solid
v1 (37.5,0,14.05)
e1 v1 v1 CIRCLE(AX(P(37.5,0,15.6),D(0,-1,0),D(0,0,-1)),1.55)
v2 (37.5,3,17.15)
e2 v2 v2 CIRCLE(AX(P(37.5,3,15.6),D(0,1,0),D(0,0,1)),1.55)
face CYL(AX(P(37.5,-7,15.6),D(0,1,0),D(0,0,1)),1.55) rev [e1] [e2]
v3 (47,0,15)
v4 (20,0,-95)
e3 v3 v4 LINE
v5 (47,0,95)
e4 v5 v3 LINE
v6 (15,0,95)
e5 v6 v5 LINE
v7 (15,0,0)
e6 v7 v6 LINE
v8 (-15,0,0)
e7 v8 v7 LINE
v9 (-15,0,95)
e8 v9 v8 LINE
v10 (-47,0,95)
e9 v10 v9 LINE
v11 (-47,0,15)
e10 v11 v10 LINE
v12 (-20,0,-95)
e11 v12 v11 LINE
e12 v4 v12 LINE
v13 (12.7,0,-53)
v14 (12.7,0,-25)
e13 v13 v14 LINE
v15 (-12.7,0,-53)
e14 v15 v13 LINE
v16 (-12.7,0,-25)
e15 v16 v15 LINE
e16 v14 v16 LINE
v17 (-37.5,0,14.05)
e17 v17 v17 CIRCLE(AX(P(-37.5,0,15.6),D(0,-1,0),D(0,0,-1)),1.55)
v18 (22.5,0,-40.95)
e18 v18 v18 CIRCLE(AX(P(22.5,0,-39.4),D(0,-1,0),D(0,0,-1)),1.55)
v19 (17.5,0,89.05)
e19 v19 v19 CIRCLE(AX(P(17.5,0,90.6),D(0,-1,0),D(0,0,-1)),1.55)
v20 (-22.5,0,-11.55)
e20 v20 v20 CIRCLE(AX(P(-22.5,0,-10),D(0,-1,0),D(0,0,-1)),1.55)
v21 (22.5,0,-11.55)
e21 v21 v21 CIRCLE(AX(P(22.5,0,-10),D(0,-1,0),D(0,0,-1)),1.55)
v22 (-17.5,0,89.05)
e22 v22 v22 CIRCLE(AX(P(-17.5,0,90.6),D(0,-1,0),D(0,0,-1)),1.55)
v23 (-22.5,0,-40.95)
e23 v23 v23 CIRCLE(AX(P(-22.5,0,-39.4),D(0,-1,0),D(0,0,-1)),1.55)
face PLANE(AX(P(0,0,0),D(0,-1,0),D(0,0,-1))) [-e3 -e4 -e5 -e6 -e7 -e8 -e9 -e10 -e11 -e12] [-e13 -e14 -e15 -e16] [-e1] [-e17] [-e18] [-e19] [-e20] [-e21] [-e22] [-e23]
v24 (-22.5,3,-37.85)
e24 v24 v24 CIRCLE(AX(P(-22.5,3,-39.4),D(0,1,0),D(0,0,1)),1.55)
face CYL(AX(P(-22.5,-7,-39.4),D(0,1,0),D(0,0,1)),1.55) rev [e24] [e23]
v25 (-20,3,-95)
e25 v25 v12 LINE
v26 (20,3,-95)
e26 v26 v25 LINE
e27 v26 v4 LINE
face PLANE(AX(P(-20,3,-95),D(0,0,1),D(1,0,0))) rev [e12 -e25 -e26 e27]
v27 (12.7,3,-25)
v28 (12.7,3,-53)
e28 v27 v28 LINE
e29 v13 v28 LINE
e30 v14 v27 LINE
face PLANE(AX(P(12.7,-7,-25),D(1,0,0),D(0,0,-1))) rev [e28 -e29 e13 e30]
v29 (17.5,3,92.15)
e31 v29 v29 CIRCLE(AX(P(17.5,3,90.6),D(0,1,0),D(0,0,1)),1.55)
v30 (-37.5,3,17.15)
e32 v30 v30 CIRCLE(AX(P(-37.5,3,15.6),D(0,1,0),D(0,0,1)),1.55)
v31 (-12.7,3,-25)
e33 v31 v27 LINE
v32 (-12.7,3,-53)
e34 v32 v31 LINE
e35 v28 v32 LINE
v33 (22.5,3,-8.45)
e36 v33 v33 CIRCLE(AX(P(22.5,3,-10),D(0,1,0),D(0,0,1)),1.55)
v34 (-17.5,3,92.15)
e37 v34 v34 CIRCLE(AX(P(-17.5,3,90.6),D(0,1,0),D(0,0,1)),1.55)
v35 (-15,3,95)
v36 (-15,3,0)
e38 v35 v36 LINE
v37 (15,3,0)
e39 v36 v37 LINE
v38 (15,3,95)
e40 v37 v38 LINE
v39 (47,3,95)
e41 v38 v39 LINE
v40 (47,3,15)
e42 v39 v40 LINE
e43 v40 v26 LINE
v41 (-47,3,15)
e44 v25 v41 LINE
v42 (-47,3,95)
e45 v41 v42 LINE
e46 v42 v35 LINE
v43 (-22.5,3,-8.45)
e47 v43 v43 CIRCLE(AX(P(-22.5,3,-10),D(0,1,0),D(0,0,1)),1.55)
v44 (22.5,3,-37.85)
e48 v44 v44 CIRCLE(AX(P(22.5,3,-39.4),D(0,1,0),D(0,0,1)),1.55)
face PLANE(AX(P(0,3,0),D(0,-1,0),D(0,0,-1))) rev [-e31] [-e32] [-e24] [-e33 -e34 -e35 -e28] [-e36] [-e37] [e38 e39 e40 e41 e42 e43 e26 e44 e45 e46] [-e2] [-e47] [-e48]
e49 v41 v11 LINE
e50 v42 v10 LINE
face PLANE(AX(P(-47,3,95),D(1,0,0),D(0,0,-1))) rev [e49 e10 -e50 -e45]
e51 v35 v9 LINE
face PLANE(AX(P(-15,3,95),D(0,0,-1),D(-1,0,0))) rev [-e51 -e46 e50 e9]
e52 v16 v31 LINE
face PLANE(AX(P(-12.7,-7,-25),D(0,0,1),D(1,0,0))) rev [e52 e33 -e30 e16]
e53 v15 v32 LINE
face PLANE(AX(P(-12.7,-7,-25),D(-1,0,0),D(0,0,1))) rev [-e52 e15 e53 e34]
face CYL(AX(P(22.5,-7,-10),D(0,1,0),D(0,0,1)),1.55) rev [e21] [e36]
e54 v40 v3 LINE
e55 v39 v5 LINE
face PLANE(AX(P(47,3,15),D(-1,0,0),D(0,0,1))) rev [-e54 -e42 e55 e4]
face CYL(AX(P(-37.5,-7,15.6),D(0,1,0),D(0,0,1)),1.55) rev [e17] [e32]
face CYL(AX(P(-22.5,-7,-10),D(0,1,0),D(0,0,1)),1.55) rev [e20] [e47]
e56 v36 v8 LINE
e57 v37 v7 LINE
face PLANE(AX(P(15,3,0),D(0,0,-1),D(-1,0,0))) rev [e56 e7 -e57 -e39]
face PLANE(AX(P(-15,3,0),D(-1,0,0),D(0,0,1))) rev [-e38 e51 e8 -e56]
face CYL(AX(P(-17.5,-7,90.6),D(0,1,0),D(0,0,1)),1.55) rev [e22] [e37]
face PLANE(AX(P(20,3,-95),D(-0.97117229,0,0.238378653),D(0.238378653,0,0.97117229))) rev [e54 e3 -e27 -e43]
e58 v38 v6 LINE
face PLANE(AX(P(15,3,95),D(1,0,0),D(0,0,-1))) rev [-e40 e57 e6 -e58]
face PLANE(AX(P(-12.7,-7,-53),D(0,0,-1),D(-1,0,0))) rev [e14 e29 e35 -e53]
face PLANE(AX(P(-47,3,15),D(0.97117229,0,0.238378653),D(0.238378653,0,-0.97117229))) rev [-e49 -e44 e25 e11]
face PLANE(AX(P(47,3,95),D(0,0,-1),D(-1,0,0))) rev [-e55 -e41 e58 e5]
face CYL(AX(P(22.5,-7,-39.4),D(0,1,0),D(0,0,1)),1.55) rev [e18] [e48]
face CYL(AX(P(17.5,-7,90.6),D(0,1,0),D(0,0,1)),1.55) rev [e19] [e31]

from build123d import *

# Parameters (mm, degrees)
BODY_DEPTH             = 3
SKETCH5_W              = 25.4
SKETCH5_H              = 28
PROTOBOARD_MOUNT_DEPTH = 10
SKETCH8_R              = 1.55
STAND_OFF_MOUNT_DEPTH  = 10
SKETCH9_R              = 1.55
PHONE_MOUNT_DEPTH      = 10


with BuildPart() as part:
    # Sketch3 → Body (new body)
    with BuildSketch(Plane(origin=(0, 0, 0), x_dir=(1, 0, 0), z_dir=(0, 1, 0))):
        Polygon((-15, -95), (-47, -95), (-47, -15), (-20, 95), (20, 95), (47, -15), (47, -95), (15, -95), (15, 0), (-15, 0), align=None)
    extrude(amount=BODY_DEPTH)

    # Sketch5 → Protoboard Mount (cut)
    with BuildSketch(Plane(origin=(0, 3, 0), x_dir=(1, 0, 0), z_dir=(0, 1, 0))):
        with Locations((0, 39)):
            Rectangle(SKETCH5_W, SKETCH5_H)
    extrude(amount=-PROTOBOARD_MOUNT_DEPTH, mode=Mode.SUBTRACT)

    # Sketch8 → Stand Off Mount (cut)
    with BuildSketch(Plane(origin=(0, 3, 0), x_dir=(1, 0, 0), z_dir=(0, 1, 0))):
        with Locations(Location((-22.5, 39.4, 0), (0, 0, 270))):
            Circle(SKETCH8_R)
        with Locations(Location((22.5, 39.4, 0), (0, 0, 270))):
            Circle(SKETCH8_R)
        with Locations(Location((37.5, -15.6, 0), (0, 0, 270))):
            Circle(SKETCH8_R)
        with Locations(Location((-37.5, -15.6, 0), (0, 0, 270))):
            Circle(SKETCH8_R)
        with Locations(Location((-17.5, -90.6, 0), (0, 0, 270))):
            Circle(SKETCH8_R)
        with Locations(Location((17.5, -90.6, 0), (0, 0, 270))):
            Circle(SKETCH8_R)
    extrude(amount=-STAND_OFF_MOUNT_DEPTH, mode=Mode.SUBTRACT)

    # Sketch9 → Phone Mount (cut)
    with BuildSketch(Plane(origin=(0, 3, 0), x_dir=(1, 0, 0), z_dir=(0, 1, 0))):
        with Locations(Location((-22.5, 10, 0), (0, 0, 270))):
            Circle(SKETCH9_R)
        with Locations(Location((22.5, 10, 0), (0, 0, 270))):
            Circle(SKETCH9_R)
    extrude(amount=-PHONE_MOUNT_DEPTH, mode=Mode.SUBTRACT)


solid = part.part
